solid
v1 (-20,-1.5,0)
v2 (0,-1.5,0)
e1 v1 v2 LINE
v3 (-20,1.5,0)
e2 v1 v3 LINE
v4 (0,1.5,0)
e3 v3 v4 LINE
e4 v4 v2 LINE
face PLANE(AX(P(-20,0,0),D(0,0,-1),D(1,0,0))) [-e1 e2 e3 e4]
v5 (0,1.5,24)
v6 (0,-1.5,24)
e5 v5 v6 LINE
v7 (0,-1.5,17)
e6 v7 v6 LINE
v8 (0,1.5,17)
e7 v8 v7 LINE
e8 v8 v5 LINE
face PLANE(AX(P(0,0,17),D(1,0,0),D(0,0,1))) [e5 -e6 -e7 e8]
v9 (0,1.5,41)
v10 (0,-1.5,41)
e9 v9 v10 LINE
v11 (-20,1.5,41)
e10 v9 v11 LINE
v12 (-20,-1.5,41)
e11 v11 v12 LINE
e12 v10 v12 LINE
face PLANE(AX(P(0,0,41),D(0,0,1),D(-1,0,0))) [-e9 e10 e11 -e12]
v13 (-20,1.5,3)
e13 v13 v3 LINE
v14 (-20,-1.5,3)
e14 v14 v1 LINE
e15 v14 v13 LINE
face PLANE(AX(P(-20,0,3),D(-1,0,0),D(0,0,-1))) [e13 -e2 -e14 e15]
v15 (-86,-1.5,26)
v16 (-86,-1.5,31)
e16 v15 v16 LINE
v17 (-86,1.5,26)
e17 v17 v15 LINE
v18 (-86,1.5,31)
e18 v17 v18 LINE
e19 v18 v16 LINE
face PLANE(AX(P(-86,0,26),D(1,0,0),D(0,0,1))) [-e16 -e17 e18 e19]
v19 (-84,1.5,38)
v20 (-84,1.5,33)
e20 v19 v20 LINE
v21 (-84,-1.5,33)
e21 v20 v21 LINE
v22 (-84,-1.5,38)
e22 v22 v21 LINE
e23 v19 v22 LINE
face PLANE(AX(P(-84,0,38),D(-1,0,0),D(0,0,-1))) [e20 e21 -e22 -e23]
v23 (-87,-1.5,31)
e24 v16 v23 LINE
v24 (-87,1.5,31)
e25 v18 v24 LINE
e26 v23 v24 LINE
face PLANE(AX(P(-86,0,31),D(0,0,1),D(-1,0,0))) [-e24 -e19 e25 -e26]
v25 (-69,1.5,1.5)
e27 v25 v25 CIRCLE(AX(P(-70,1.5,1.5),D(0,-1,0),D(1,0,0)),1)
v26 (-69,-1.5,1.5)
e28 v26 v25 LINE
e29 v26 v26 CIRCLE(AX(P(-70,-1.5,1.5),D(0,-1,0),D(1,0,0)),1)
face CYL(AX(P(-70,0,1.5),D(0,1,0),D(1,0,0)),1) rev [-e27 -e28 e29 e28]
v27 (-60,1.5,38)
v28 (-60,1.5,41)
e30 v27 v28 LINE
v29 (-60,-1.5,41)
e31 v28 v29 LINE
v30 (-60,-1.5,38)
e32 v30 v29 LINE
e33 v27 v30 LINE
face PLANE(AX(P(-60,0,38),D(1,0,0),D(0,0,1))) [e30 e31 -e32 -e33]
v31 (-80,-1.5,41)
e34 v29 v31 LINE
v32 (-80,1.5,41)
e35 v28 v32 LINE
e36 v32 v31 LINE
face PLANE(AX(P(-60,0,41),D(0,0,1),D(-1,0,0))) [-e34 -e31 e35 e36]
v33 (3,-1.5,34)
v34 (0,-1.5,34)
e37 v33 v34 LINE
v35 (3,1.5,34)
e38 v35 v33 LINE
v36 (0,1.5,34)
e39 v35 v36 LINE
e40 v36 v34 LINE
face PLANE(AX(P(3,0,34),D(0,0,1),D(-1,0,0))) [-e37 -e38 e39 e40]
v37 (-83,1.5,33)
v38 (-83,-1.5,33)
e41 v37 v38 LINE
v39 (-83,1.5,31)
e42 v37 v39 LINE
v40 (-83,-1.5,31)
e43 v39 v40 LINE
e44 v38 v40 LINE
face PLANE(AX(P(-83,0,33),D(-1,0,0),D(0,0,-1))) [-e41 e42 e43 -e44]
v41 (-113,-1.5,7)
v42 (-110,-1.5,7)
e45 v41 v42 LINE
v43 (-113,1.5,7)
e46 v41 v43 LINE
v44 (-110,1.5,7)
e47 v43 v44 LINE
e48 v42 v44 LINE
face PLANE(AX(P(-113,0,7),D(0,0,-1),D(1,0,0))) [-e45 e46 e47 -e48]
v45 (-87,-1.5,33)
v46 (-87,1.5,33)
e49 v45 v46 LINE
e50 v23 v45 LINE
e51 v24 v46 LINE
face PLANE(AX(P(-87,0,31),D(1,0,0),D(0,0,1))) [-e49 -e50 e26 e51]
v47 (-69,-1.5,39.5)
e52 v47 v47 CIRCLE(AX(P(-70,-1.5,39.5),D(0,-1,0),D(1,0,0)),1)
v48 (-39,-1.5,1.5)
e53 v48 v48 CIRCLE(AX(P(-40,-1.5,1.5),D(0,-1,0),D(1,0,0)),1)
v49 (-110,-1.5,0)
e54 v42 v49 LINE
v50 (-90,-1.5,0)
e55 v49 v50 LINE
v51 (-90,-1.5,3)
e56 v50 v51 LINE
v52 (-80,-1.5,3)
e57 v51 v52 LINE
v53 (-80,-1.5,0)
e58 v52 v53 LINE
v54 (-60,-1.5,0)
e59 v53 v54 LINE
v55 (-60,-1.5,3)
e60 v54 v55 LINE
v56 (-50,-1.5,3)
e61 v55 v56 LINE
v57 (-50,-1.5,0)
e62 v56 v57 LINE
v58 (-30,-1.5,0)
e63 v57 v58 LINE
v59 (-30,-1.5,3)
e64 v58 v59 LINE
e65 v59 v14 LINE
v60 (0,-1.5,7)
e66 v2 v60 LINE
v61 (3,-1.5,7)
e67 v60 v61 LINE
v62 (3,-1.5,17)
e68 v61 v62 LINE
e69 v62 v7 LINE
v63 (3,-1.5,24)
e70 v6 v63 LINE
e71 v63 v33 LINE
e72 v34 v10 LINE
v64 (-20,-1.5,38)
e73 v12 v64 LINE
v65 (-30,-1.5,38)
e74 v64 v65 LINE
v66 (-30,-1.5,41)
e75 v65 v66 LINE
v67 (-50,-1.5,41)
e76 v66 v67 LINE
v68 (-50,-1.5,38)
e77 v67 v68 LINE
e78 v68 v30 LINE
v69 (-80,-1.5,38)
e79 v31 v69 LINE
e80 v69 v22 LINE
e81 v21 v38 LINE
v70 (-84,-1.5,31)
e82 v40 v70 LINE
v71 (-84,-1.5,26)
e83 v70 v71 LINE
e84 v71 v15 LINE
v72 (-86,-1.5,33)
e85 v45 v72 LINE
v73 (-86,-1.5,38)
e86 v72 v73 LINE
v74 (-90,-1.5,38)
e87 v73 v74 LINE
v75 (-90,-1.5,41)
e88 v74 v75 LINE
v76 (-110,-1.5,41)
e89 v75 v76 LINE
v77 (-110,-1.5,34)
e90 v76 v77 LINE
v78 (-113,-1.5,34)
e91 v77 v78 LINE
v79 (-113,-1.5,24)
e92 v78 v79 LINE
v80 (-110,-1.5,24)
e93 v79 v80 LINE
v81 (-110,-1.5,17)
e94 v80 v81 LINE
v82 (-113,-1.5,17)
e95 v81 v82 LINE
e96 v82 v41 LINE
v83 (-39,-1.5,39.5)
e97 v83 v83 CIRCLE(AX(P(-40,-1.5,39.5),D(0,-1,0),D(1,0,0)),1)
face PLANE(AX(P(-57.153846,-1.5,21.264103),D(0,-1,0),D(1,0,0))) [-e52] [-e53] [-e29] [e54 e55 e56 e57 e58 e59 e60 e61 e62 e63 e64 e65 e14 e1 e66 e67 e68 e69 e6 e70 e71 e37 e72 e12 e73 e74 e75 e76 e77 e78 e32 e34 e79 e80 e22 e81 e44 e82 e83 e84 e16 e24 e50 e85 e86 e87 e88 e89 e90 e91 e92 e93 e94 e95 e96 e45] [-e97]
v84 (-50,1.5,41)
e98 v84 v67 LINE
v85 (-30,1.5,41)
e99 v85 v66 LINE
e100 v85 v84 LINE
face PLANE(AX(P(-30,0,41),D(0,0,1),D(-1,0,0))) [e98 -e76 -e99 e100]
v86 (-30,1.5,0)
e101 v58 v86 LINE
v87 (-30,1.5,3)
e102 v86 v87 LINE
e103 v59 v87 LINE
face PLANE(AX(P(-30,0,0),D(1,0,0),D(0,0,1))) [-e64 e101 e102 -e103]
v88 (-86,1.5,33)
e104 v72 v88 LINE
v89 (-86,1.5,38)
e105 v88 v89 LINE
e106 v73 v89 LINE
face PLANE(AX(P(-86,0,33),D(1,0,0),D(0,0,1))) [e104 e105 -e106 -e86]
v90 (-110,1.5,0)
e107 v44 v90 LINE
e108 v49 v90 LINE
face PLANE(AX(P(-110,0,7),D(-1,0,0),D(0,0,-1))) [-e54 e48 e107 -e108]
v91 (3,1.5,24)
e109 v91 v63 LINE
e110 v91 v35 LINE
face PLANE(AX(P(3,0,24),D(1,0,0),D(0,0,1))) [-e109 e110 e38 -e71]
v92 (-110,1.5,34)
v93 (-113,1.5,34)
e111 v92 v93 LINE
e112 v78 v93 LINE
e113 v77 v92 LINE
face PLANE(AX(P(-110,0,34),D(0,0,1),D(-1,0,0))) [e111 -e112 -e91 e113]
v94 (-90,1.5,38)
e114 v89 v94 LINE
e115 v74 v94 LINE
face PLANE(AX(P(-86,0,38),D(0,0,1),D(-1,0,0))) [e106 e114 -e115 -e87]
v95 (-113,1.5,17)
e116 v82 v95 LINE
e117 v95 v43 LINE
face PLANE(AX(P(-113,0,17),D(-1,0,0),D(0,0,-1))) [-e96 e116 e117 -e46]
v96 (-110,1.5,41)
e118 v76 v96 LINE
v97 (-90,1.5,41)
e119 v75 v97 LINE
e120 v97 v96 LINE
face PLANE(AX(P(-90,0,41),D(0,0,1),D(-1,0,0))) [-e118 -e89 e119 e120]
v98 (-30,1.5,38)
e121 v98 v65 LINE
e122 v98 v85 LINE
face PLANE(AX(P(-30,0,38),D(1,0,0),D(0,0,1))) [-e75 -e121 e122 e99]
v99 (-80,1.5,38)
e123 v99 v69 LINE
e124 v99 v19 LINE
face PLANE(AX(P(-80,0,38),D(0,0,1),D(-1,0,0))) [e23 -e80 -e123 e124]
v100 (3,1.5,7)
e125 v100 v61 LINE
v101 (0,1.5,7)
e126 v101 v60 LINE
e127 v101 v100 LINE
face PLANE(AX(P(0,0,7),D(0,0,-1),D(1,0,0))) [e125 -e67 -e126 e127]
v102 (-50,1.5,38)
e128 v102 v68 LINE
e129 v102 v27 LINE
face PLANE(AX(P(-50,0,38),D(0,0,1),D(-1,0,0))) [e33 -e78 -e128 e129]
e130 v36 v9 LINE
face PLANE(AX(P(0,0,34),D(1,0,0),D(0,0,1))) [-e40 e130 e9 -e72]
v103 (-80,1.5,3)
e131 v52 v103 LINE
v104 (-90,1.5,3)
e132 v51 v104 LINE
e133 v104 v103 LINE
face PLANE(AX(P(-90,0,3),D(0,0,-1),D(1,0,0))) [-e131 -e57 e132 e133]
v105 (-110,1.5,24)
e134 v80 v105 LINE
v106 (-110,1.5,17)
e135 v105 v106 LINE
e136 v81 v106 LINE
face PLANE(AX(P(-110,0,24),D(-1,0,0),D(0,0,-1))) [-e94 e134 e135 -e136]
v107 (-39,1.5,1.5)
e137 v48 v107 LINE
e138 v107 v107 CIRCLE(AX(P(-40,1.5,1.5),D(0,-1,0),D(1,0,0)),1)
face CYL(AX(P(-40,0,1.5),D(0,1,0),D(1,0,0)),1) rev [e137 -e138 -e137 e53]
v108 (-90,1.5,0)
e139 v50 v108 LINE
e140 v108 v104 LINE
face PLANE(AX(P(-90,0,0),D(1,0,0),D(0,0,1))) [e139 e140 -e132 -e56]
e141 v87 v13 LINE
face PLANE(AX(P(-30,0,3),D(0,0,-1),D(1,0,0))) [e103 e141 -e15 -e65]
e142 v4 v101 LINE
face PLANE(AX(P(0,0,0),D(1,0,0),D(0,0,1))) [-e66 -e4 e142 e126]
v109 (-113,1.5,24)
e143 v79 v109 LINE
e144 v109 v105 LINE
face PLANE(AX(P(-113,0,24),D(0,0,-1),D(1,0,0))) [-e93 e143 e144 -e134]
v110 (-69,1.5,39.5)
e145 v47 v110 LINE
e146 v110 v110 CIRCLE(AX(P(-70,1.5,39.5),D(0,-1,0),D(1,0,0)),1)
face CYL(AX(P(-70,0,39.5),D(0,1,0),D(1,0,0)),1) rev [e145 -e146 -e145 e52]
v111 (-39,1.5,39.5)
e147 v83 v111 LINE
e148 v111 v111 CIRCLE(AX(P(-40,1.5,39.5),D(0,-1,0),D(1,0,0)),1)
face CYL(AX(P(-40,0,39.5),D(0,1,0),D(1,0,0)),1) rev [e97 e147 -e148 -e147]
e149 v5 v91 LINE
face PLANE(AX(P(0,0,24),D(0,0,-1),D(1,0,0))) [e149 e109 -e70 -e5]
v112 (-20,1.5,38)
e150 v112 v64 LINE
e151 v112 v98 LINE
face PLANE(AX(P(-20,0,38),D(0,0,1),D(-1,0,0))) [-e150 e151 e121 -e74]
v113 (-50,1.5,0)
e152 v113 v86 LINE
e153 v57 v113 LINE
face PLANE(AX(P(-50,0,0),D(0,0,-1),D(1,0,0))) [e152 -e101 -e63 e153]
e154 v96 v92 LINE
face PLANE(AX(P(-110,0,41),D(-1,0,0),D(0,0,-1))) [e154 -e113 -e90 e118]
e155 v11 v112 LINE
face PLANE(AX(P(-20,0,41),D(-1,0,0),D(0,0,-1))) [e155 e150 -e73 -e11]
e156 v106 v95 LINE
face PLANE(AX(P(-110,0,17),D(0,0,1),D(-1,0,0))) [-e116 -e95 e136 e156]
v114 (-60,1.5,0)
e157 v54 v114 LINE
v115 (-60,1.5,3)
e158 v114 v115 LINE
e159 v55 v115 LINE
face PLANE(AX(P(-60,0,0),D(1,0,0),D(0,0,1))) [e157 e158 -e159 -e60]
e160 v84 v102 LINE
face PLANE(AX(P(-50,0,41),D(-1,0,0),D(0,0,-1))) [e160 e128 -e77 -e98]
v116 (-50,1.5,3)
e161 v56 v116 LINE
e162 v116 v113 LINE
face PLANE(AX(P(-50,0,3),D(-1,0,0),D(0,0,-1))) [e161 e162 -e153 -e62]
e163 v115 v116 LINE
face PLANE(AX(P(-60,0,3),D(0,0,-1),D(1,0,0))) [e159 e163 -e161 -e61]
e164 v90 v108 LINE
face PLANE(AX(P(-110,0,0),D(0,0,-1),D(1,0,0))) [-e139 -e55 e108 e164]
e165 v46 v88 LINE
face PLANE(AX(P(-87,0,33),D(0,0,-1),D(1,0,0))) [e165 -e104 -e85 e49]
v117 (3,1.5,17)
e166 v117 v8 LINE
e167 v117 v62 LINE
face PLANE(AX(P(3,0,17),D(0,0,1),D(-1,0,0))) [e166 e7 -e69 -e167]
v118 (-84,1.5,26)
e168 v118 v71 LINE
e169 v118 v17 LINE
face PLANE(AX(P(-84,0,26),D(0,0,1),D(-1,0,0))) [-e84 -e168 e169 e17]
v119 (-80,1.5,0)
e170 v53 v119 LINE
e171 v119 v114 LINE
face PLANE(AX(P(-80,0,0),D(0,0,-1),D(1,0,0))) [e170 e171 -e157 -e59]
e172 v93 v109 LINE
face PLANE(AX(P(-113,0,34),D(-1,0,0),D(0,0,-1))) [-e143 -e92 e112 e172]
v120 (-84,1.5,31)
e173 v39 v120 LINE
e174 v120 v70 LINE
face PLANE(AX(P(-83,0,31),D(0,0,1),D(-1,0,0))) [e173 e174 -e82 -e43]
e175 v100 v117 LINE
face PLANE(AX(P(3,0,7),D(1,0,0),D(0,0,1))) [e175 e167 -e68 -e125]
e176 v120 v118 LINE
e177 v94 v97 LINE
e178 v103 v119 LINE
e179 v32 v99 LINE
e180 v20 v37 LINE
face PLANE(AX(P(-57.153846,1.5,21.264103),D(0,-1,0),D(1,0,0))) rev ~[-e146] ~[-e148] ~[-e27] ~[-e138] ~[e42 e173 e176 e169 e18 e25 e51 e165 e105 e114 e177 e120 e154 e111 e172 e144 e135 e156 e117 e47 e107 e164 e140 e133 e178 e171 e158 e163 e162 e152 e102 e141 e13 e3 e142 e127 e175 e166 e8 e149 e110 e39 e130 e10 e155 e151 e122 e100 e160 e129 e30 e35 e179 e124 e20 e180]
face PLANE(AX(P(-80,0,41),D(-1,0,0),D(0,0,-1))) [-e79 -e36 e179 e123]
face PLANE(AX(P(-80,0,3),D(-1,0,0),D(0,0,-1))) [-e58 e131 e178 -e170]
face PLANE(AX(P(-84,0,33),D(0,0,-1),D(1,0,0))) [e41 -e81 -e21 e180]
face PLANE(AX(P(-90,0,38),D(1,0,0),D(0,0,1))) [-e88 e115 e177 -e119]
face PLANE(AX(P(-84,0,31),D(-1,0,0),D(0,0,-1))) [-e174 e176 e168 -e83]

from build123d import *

# Parameters (mm, degrees)
F0_R     = 1
F1_DEPTH = 1.5


with BuildPart() as f1:
    # F0 (on Front) → F1 (new body, symmetric)
    with BuildSketch(Plane.XZ):
        Polygon((-20, 0), (0, 0), (0, 7), (3, 7), (3, 17), (0, 17), (0, 24), (3, 24), (3, 34), (0, 34), (0, 41), (-20, 41), (-20, 38), (-30, 38), (-30, 41), (-50, 41), (-50, 38), (-60, 38), (-60, 41), (-80, 41), (-80, 38), (-84, 38), (-84, 33), (-83, 33), (-83, 31), (-84, 31), (-84, 26), (-86, 26), (-86, 31), (-87, 31), (-87, 33), (-86, 33), (-86, 38), (-90, 38), (-90, 41), (-110, 41), (-110, 34), (-113, 34), (-113, 24), (-110, 24), (-110, 17), (-113, 17), (-113, 7), (-110, 7), (-110, 0), (-90, 0), (-90, 3), (-80, 3), (-80, 0), (-60, 0), (-60, 3), (-50, 3), (-50, 0), (-30, 0), (-30, 3), (-20, 3), align=None)
        with Locations((-70, 1.5)):
            Circle(F0_R, mode=Mode.SUBTRACT)
        with Locations((-40, 1.5)):
            Circle(F0_R, mode=Mode.SUBTRACT)
        with Locations((-70, 39.5)):
            Circle(F0_R, mode=Mode.SUBTRACT)
        with Locations((-40, 39.5)):
            Circle(F0_R, mode=Mode.SUBTRACT)
    extrude(amount=F1_DEPTH, both=True)


solid = f1.part
